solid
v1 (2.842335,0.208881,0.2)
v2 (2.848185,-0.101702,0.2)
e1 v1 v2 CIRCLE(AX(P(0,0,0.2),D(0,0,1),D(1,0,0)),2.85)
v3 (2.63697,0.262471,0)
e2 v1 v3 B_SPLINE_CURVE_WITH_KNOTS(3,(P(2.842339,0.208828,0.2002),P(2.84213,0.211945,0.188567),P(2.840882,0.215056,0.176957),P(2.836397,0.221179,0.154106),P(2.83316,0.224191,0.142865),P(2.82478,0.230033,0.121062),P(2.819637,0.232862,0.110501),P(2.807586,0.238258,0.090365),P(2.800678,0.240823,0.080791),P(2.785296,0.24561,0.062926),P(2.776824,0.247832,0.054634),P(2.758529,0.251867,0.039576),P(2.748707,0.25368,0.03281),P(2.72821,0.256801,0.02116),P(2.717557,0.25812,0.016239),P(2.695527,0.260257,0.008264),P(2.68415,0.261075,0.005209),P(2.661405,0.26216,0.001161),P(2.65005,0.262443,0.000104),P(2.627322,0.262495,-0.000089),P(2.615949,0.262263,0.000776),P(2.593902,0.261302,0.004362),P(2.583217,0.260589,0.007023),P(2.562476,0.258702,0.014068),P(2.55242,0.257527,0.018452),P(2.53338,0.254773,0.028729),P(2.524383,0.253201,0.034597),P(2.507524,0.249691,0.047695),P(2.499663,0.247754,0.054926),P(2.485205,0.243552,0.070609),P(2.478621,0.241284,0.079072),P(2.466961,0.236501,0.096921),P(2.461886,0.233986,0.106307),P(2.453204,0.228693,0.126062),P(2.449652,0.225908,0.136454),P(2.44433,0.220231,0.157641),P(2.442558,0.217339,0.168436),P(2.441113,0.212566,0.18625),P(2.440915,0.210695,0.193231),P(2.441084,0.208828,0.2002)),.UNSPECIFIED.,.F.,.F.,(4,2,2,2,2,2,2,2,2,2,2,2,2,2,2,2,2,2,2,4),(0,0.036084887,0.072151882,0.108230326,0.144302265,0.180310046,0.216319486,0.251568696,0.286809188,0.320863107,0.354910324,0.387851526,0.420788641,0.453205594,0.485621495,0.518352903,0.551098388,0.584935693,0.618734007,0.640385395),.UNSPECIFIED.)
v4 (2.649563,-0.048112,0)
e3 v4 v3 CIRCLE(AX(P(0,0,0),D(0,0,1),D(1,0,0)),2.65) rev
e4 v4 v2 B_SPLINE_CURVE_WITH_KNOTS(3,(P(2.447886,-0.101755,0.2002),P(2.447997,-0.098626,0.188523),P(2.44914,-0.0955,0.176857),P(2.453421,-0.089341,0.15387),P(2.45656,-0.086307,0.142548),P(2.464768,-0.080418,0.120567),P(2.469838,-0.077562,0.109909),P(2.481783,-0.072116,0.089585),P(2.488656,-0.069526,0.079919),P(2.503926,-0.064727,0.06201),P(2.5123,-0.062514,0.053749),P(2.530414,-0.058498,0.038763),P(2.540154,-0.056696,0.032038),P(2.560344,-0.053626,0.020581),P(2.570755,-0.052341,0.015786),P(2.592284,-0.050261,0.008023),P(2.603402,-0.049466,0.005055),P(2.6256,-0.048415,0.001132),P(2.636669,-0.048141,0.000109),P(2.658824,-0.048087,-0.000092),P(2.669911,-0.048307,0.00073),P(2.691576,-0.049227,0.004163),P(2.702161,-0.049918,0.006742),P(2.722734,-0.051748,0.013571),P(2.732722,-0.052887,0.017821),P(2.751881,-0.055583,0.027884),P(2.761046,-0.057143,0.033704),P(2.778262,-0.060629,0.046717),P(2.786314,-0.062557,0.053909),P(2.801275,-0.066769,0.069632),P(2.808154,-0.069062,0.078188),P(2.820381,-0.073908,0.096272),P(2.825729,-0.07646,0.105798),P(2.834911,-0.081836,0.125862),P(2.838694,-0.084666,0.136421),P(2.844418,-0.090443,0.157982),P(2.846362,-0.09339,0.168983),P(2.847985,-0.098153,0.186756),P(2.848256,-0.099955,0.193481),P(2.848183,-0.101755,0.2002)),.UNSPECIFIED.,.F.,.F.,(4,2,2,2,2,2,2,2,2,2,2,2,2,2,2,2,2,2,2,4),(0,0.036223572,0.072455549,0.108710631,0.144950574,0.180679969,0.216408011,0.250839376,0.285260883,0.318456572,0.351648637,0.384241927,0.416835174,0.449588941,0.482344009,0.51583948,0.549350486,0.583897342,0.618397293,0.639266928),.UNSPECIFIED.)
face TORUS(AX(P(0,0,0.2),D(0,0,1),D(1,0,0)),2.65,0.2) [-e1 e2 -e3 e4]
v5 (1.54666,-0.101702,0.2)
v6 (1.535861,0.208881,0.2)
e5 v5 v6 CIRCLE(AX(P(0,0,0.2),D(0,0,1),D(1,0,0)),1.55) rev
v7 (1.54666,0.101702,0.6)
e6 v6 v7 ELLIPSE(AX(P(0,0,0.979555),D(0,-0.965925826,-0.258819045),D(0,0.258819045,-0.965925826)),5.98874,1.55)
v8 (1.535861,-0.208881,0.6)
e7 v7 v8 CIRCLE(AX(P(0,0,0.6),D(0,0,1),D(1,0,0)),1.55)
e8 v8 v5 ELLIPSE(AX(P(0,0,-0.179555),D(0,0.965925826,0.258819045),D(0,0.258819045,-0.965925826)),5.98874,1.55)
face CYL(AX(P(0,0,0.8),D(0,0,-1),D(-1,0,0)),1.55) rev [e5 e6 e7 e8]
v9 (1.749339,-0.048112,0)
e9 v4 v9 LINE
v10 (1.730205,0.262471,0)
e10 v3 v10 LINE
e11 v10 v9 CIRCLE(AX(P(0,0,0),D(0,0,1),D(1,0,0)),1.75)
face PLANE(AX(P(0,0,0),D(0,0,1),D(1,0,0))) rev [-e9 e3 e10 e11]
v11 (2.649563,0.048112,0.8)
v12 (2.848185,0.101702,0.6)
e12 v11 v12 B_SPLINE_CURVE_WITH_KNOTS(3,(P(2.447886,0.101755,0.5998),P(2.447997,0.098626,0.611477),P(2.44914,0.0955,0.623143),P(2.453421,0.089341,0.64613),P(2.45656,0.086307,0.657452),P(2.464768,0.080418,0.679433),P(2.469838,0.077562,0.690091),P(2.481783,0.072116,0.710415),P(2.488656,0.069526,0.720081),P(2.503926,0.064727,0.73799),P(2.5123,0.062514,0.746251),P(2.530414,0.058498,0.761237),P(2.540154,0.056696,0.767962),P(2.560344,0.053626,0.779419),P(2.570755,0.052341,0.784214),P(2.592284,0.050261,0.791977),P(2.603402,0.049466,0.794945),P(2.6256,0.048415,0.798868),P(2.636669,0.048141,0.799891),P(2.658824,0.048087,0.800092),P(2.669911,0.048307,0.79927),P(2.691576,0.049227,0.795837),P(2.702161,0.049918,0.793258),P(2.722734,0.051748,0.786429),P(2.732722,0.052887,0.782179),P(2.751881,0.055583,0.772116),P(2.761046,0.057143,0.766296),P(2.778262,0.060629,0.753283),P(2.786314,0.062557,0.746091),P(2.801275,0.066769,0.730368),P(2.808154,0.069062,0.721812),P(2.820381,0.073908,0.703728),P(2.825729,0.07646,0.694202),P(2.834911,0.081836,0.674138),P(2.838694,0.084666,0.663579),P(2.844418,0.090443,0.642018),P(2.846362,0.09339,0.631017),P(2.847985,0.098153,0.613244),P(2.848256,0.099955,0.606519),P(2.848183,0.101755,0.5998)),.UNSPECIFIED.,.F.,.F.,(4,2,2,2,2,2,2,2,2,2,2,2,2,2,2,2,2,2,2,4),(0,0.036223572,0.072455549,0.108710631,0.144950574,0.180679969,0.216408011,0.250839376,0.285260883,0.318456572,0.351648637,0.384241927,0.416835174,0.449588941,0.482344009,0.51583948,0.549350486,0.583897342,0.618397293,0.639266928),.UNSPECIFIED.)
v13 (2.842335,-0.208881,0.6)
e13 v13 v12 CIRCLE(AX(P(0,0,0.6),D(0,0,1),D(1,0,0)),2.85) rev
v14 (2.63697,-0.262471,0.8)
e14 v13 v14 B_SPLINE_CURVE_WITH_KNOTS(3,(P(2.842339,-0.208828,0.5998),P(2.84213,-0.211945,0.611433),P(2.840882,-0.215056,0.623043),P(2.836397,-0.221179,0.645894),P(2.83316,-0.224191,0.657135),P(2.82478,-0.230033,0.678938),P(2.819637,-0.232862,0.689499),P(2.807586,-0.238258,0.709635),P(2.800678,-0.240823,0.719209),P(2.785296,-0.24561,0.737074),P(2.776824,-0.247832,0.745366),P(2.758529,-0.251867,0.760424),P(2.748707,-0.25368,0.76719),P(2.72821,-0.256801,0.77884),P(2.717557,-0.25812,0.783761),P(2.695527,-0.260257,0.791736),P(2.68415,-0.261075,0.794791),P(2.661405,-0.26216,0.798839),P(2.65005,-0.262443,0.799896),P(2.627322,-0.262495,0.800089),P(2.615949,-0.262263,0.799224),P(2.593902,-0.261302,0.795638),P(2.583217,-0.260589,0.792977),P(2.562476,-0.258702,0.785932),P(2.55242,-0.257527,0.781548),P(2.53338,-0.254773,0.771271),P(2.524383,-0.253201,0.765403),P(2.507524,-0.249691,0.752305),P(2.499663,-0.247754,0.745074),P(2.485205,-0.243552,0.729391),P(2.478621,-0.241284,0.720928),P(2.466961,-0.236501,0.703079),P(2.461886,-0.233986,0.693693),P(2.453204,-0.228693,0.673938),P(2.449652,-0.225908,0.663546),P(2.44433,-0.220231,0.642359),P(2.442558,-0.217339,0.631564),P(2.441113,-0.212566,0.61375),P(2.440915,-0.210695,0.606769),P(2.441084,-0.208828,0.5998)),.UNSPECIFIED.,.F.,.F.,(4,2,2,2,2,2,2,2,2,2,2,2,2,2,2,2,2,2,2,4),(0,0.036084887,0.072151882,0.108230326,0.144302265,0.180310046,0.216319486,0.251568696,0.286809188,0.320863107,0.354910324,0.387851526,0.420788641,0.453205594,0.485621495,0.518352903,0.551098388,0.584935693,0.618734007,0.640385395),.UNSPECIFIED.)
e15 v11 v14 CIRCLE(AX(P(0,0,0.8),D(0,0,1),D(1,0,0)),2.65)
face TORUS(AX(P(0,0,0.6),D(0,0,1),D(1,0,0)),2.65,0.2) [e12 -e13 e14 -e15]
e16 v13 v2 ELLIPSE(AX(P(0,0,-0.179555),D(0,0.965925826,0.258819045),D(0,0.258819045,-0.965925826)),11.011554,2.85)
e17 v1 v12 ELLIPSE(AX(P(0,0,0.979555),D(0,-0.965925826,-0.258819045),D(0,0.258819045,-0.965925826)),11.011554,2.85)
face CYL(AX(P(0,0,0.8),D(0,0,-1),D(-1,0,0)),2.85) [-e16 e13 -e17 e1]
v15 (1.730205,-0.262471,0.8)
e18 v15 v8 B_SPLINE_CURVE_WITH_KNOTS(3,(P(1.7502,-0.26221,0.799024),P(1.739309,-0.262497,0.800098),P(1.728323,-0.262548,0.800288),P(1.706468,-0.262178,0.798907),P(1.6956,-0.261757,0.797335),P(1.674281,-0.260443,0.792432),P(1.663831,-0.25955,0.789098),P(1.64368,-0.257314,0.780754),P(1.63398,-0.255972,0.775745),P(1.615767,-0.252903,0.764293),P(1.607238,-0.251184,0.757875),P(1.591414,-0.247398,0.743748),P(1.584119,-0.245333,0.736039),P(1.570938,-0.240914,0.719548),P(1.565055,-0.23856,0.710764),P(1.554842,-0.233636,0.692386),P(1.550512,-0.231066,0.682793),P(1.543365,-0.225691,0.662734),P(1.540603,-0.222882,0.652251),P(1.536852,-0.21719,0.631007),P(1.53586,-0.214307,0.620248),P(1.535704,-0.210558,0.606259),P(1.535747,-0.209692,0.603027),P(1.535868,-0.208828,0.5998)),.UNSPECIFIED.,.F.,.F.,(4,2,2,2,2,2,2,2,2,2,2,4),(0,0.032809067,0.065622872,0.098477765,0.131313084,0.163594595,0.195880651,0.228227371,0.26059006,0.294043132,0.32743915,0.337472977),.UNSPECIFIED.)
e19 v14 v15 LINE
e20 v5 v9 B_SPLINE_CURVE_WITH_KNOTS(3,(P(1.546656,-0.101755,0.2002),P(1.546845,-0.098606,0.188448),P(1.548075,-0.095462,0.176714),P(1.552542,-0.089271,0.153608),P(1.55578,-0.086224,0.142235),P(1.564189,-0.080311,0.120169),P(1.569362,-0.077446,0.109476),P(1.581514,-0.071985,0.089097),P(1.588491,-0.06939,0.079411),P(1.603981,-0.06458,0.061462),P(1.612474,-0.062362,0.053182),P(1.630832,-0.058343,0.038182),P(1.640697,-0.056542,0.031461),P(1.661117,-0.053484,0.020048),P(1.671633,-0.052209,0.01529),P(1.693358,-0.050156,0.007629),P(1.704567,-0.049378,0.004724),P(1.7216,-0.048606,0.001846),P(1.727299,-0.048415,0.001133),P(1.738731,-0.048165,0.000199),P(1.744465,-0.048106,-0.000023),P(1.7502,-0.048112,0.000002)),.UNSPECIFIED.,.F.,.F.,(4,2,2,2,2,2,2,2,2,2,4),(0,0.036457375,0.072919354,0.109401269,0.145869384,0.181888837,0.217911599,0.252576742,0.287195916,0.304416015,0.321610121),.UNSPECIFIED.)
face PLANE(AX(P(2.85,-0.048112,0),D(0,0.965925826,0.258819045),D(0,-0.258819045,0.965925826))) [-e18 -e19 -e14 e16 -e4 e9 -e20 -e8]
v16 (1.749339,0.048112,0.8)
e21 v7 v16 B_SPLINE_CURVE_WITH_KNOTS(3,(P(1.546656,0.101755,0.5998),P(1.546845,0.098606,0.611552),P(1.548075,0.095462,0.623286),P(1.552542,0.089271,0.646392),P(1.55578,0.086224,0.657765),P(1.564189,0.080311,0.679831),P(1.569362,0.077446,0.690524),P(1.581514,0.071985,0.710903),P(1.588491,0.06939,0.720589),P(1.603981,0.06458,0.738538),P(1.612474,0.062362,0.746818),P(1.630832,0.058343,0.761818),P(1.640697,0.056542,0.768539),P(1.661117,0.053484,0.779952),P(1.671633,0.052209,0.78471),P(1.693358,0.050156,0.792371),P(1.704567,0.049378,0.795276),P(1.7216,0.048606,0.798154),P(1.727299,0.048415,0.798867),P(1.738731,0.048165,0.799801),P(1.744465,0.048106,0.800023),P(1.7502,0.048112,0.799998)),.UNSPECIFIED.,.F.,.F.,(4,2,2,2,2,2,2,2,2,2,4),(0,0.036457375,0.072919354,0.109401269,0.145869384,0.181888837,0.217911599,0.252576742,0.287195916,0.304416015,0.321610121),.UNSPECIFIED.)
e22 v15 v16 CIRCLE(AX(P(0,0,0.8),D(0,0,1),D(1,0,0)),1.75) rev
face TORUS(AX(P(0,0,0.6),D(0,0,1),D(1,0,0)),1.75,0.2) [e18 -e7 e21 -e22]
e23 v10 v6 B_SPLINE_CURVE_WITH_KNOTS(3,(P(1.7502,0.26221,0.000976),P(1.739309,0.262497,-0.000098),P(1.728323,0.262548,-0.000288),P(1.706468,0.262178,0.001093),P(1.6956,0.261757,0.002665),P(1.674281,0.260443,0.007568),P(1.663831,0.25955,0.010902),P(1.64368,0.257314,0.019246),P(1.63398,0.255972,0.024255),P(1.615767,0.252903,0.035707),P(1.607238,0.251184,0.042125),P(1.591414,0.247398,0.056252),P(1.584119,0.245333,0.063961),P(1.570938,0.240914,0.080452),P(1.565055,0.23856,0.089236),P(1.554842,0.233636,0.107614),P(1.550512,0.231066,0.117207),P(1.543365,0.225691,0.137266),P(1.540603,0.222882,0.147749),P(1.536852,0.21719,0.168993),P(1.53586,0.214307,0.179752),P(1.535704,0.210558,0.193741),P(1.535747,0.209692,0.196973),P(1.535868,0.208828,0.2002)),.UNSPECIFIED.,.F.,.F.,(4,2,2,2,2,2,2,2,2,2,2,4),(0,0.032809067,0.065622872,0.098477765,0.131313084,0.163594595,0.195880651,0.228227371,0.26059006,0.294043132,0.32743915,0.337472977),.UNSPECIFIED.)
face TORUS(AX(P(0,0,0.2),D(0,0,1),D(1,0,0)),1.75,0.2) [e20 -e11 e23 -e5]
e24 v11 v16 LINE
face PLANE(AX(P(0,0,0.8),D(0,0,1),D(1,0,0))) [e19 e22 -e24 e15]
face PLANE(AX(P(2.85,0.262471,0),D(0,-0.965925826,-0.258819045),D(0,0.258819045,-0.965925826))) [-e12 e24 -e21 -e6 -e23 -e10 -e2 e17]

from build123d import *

# Parameters (mm, degrees)
SKICA1_R                 = 2.85
SKICA1_R_2               = 1.55
VYSUNOUT1_DEPTH          = 0.8
ZAOBLIT1_R               = 0.2
ODEBRAT_VYSUNUT_M1_DEPTH = 5.109136301


with BuildPart() as part:
    # Skica1 → Vysunout1 (new body)
    with BuildSketch(Plane.XY):
        Circle(SKICA1_R)
        Circle(SKICA1_R_2, mode=Mode.SUBTRACT)
    extrude(amount=VYSUNOUT1_DEPTH)

    # Zaoblit1
    zaoblit1_edges = [part.edges().sort_by_distance(p)[0] for p in [
        (-2.85, 0, 0),
        (-2.85, 0, 0.8),
        (-1.55, 0, 0),
        (-1.55, 0, 0.8),
    ]]
    fillet(zaoblit1_edges, radius=ZAOBLIT1_R)

    # Skica2 → Odebrat vysunutím1 (cut, through all)
    with BuildSketch(Plane(origin=(0, 0, 0), x_dir=(0, 0, -1), z_dir=(1, 0, 0))):
        Polygon((0, -0.04811175), (-0.8, -0.262471104), (-0.8, 0.04811175), (0, 0.262471104), align=None)
    extrude(amount=ODEBRAT_VYSUNUT_M1_DEPTH, mode=Mode.SUBTRACT)


solid = part.part
